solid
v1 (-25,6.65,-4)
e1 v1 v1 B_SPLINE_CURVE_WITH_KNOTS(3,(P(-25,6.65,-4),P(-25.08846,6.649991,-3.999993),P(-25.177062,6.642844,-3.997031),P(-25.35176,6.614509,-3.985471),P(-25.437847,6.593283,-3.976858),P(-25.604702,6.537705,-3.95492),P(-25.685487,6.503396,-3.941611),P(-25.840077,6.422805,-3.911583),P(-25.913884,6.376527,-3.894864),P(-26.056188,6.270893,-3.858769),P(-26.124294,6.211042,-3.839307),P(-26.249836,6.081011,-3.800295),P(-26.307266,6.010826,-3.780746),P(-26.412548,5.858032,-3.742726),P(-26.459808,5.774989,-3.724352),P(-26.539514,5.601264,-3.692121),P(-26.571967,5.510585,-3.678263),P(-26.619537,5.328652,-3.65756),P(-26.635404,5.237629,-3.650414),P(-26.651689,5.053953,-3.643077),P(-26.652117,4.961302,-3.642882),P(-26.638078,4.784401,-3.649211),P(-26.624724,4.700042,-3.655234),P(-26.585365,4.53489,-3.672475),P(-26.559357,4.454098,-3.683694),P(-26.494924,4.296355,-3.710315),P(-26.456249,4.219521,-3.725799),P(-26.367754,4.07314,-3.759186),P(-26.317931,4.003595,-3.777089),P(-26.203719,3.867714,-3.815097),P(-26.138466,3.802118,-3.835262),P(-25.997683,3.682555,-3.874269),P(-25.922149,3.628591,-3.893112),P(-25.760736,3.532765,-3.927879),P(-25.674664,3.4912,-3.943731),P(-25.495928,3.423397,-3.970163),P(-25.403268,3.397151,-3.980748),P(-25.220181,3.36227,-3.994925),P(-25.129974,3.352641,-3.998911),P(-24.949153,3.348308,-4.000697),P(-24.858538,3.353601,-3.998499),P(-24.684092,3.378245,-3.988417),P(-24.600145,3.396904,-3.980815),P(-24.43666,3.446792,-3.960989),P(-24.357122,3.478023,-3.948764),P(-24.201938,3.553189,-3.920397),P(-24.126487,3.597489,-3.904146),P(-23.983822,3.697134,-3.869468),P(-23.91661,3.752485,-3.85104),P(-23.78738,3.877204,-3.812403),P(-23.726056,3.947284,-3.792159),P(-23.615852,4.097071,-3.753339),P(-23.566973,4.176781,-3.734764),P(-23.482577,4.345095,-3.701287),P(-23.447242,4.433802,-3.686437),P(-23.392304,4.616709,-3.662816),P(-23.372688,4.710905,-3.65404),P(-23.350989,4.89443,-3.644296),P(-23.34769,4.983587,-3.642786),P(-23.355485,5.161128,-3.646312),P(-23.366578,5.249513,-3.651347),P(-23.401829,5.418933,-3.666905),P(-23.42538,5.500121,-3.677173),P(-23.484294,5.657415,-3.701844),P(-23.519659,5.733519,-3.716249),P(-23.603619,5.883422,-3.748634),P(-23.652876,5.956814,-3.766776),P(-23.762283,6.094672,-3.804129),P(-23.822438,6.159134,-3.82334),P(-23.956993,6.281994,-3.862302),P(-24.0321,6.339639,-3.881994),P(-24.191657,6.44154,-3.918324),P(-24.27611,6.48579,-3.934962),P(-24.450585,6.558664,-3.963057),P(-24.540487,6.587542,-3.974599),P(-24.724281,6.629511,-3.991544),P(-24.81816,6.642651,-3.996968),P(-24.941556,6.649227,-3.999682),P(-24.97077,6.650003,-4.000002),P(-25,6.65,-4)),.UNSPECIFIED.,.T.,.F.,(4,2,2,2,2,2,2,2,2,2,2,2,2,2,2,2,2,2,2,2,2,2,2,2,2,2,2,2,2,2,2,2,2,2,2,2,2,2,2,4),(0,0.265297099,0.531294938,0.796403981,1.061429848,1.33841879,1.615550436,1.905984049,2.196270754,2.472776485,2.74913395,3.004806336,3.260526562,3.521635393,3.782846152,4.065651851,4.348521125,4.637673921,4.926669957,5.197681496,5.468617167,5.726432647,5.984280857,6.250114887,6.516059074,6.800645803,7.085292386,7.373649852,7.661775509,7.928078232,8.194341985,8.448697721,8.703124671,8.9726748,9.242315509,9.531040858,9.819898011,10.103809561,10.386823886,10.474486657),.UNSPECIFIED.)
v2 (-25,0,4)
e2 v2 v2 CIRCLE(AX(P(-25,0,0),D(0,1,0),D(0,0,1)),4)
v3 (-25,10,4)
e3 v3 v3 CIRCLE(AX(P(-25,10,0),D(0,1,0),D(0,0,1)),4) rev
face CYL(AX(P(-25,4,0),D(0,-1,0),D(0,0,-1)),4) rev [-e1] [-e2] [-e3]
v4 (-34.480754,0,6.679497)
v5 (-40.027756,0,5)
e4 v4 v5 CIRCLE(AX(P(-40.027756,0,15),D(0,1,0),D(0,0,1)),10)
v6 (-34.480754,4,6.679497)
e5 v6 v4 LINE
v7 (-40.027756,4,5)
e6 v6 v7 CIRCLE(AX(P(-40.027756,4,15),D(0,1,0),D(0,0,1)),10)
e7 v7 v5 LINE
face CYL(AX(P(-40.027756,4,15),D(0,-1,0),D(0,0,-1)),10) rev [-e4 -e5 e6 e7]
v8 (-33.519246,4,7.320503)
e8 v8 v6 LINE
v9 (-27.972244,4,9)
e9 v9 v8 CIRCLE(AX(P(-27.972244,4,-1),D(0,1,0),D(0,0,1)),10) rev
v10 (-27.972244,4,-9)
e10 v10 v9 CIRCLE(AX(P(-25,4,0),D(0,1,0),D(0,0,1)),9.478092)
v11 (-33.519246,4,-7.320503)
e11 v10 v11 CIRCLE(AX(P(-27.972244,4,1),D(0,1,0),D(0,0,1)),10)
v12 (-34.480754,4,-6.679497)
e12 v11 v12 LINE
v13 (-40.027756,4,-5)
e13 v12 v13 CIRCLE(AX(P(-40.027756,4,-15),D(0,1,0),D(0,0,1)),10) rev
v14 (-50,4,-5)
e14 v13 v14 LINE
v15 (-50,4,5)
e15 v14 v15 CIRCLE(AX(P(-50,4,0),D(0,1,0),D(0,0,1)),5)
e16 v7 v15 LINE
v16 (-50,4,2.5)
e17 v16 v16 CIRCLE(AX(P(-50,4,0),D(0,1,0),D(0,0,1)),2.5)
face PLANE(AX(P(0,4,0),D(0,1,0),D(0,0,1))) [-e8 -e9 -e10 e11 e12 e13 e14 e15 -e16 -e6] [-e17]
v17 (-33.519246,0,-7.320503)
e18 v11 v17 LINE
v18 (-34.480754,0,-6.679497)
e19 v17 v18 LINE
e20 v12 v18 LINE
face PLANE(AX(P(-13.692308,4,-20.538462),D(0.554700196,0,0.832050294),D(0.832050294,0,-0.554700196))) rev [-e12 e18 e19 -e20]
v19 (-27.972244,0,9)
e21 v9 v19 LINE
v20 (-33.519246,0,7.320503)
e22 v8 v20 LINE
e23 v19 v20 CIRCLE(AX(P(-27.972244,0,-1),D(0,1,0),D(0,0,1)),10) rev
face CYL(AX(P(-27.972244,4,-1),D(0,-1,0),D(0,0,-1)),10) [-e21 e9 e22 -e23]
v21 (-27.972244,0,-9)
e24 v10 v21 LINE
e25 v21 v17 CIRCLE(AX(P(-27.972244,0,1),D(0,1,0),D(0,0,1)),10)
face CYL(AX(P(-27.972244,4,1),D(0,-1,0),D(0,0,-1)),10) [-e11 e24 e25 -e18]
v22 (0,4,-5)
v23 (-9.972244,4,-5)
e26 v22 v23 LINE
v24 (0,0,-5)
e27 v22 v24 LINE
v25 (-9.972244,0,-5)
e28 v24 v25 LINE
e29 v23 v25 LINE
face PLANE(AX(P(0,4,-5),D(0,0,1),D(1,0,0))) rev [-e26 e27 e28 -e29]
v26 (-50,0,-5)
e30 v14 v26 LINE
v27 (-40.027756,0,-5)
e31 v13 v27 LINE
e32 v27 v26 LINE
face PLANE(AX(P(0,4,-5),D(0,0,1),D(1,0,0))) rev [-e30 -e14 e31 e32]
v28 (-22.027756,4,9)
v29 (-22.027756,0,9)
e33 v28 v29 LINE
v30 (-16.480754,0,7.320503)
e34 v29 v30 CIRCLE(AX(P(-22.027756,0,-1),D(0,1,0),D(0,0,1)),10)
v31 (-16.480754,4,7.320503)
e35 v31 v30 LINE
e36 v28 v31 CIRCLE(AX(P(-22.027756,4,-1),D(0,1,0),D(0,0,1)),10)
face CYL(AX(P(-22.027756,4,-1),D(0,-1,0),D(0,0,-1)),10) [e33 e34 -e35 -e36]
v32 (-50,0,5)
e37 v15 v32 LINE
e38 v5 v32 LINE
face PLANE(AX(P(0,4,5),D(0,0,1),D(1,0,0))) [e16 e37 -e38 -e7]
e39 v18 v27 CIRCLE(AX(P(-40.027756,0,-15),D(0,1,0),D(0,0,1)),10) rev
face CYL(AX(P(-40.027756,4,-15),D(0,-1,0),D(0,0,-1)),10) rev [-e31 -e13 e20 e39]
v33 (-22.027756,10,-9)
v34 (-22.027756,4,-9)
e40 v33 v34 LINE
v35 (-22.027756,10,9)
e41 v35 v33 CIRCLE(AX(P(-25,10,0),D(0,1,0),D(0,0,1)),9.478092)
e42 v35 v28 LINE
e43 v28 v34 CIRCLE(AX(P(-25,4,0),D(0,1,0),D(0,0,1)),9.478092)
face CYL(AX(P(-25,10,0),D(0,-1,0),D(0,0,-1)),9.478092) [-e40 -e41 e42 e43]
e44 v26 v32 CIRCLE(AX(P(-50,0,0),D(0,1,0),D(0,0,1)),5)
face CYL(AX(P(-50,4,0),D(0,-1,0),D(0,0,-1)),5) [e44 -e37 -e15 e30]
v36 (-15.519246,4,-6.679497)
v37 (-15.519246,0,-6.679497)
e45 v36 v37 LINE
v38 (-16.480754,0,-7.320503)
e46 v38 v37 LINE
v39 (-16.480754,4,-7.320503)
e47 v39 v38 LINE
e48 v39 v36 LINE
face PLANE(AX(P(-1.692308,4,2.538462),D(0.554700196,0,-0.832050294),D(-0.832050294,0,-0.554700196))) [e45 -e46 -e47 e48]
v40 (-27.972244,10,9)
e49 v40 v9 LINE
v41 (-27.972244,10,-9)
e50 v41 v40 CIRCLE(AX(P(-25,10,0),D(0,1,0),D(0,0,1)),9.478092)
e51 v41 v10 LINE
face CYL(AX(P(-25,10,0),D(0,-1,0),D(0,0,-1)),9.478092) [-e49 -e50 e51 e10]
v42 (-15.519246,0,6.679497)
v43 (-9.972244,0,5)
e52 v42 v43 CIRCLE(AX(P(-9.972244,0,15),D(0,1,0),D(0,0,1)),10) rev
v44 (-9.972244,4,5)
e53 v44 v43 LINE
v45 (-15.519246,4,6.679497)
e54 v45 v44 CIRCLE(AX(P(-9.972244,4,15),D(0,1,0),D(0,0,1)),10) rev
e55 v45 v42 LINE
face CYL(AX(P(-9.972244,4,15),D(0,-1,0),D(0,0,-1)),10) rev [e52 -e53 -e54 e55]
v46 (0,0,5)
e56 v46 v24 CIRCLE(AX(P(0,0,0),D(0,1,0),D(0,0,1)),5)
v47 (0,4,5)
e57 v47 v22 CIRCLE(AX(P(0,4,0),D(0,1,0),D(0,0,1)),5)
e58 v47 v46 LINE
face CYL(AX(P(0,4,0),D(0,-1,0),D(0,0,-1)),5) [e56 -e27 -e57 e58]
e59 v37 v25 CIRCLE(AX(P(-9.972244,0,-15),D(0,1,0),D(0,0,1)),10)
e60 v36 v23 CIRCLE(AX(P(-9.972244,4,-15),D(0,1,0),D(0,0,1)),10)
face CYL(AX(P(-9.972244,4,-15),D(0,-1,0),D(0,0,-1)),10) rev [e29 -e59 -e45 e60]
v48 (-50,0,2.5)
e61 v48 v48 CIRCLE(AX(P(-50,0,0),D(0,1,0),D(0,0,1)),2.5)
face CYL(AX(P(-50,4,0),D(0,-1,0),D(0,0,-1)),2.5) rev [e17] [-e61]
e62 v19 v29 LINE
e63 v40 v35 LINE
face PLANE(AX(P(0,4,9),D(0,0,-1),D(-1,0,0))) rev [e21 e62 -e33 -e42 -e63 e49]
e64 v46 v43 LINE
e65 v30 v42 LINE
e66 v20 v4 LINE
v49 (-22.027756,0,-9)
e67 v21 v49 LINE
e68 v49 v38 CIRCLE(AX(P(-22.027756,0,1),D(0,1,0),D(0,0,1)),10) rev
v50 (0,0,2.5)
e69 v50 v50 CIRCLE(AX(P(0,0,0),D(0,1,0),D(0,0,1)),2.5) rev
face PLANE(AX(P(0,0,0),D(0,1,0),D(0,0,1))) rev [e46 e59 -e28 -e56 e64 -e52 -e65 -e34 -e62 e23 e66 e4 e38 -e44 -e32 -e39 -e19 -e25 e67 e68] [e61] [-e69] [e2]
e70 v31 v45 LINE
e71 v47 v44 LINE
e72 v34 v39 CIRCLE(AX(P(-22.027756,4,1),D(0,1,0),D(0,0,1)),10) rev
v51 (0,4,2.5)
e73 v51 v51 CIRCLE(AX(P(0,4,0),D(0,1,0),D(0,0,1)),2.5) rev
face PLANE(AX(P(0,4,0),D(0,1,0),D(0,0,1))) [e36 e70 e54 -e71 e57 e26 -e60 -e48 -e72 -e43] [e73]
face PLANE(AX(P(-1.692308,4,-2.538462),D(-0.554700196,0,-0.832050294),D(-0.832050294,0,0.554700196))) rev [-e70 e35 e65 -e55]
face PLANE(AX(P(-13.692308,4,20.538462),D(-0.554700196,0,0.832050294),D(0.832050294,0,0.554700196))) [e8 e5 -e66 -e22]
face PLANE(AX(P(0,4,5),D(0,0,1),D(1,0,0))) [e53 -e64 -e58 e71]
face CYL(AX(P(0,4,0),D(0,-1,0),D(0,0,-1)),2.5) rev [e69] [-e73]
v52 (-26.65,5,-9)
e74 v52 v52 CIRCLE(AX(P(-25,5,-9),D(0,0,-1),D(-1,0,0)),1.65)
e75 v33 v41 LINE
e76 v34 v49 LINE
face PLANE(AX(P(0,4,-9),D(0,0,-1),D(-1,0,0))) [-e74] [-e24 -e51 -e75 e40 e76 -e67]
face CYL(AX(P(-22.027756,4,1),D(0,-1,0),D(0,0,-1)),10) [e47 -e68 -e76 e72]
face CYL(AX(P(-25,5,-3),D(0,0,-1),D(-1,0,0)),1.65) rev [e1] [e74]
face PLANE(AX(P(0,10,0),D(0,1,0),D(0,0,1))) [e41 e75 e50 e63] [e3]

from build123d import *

# Parameters (mm, degrees)
BOSS_EXTRUDE1_DEPTH = 4
SKETCH4_R           = 4
BOSS_EXTRUDE3_DEPTH = 6
CUT_EXTRUDE1_DEPTH  = 6


with BuildPart() as part:
    # Sketch1 → Boss-Extrude1 (new body)
    with BuildSketch(Plane(origin=(0, 0, 0), x_dir=(1, 0, 0), z_dir=(0, 1, 0))):
        with BuildLine():
            Line((-9.972243623, -5), (0, -5))
            ThreePointArc((0, -5), (3.535533906, -3.535533906), (5, 0))
            Line((5, 0), (2.5, 0))
            ThreePointArc((2.5, 0), (0, -2.5), (-2.5, 0))
            Line((-2.5, 0), (-21, 0))
            ThreePointArc((-21, 0), (-25, -4), (-29, 0))
            Line((-29, 0), (-47.5, 0))
            ThreePointArc((-47.5, 0), (-50, -2.5), (-52.5, 0))
            Line((-52.5, 0), (-55, 0))
            ThreePointArc((-55, 0), (-53.535533906, -3.535533906), (-50, -5))
            Line((-50, -5), (-40.027756377, -5))
            Line((-40.027756377, -5), (-9.972243623, -5))
        make_face()
        with BuildLine():
            Line((2.5, 0), (5, 0))
            ThreePointArc((5, 0), (3.535533906, 3.535533906), (0, 5))
            Line((0, 5), (-9.972243623, 5))
            Line((-9.972243623, 5), (-25, 5))
            Line((-25, 5), (-40.027756377, 5))
            Line((-40.027756377, 5), (-50, 5))
            ThreePointArc((-50, 5), (-53.535533906, 3.535533906), (-55, 0))
            Line((-55, 0), (-52.5, 0))
            ThreePointArc((-52.5, 0), (-50, 2.5), (-47.5, 0))
            Line((-47.5, 0), (-29, 0))
            ThreePointArc((-29, 0), (-25, 4), (-21, 0))
            Line((-21, 0), (-2.5, 0))
            ThreePointArc((-2.5, 0), (0, 2.5), (2.5, 0))
        make_face()
        with BuildLine():
            ThreePointArc((-15.519245585, -6.679497057), (-12.87008511, -5.429079735), (-9.972243623, -5))
            Line((-9.972243623, -5), (-40.027756377, -5))
            ThreePointArc((-40.027756377, -5), (-37.12991489, -5.429079735), (-34.480754415, -6.679497057))
            Line((-34.480754415, -6.679497057), (-33.519245585, -7.320502943))
            ThreePointArc((-33.519245585, -7.320502943), (-30.87008511, -8.570920265), (-27.972243623, -9))
            Line((-27.972243623, -9), (-22.027756377, -9))
            ThreePointArc((-22.027756377, -9), (-19.12991489, -8.570920265), (-16.480754415, -7.320502943))
            Line((-16.480754415, -7.320502943), (-15.519245585, -6.679497057))
        make_face()
        with BuildLine():
            Line((-25, 5), (-9.972243623, 5))
            ThreePointArc((-9.972243623, 5), (-12.87008511, 5.429079735), (-15.519245585, 6.679497057))
            Line((-15.519245585, 6.679497057), (-16.480754415, 7.320502943))
            ThreePointArc((-16.480754415, 7.320502943), (-19.12991489, 8.570920265), (-22.027756377, 9))
            Line((-22.027756377, 9), (-25, 9))
            Line((-25, 9), (-25, 5))
        make_face()
        with BuildLine():
            Line((-40.027756377, 5), (-25, 5))
            Line((-25, 5), (-25, 9))
            Line((-25, 9), (-27.972243623, 9))
            ThreePointArc((-27.972243623, 9), (-30.87008511, 8.570920265), (-33.519245585, 7.320502943))
            Line((-33.519245585, 7.320502943), (-34.480754415, 6.679497057))
            ThreePointArc((-34.480754415, 6.679497057), (-37.12991489, 5.429079735), (-40.027756377, 5))
        make_face()
    extrude(amount=BOSS_EXTRUDE1_DEPTH)

    # Sketch4 → Boss-Extrude3 (add)
    with BuildSketch(Plane(origin=(0, 4, 0), x_dir=(1, 0, 0), z_dir=(0, 1, 0))):
        with BuildLine():
            ThreePointArc((-15.521907779, 0), (-17.31867748, 5.552613483), (-22.027756377, 9))
            Line((-22.027756377, 9), (-27.972243623, 9))
            ThreePointArc((-27.972243623, 9), (-34.478092221, 0), (-27.972243623, -9))
            Line((-27.972243623, -9), (-22.027756377, -9))
            ThreePointArc((-22.027756377, -9), (-17.31867748, -5.552613483), (-15.521907779, 0))
        make_face()
        with Locations(Location((-25, 0, 0), (0, 0, 270))):
            Circle(SKETCH4_R, mode=Mode.SUBTRACT)
    extrude(amount=BOSS_EXTRUDE3_DEPTH)

    # Sketch5 → Cut-Extrude1 (cut)
    with BuildSketch(Plane(origin=(0, 0, -9), x_dir=(-1, 0, 0), z_dir=(0, 0, -1))):
        with BuildLine():
            ThreePointArc((26.65, 5), (26.166726189, 6.166726189), (25, 6.65))
            Line((25, 6.65), (25, 3.35))
            ThreePointArc((25, 3.35), (26.166726189, 3.833273811), (26.65, 5))
        make_face()
        with BuildLine():
            Line((25, 3.35), (25, 6.65))
            ThreePointArc((25, 6.65), (23.35, 5), (25, 3.35))
        make_face()
    extrude(amount=-CUT_EXTRUDE1_DEPTH, mode=Mode.SUBTRACT)


solid = part.part
